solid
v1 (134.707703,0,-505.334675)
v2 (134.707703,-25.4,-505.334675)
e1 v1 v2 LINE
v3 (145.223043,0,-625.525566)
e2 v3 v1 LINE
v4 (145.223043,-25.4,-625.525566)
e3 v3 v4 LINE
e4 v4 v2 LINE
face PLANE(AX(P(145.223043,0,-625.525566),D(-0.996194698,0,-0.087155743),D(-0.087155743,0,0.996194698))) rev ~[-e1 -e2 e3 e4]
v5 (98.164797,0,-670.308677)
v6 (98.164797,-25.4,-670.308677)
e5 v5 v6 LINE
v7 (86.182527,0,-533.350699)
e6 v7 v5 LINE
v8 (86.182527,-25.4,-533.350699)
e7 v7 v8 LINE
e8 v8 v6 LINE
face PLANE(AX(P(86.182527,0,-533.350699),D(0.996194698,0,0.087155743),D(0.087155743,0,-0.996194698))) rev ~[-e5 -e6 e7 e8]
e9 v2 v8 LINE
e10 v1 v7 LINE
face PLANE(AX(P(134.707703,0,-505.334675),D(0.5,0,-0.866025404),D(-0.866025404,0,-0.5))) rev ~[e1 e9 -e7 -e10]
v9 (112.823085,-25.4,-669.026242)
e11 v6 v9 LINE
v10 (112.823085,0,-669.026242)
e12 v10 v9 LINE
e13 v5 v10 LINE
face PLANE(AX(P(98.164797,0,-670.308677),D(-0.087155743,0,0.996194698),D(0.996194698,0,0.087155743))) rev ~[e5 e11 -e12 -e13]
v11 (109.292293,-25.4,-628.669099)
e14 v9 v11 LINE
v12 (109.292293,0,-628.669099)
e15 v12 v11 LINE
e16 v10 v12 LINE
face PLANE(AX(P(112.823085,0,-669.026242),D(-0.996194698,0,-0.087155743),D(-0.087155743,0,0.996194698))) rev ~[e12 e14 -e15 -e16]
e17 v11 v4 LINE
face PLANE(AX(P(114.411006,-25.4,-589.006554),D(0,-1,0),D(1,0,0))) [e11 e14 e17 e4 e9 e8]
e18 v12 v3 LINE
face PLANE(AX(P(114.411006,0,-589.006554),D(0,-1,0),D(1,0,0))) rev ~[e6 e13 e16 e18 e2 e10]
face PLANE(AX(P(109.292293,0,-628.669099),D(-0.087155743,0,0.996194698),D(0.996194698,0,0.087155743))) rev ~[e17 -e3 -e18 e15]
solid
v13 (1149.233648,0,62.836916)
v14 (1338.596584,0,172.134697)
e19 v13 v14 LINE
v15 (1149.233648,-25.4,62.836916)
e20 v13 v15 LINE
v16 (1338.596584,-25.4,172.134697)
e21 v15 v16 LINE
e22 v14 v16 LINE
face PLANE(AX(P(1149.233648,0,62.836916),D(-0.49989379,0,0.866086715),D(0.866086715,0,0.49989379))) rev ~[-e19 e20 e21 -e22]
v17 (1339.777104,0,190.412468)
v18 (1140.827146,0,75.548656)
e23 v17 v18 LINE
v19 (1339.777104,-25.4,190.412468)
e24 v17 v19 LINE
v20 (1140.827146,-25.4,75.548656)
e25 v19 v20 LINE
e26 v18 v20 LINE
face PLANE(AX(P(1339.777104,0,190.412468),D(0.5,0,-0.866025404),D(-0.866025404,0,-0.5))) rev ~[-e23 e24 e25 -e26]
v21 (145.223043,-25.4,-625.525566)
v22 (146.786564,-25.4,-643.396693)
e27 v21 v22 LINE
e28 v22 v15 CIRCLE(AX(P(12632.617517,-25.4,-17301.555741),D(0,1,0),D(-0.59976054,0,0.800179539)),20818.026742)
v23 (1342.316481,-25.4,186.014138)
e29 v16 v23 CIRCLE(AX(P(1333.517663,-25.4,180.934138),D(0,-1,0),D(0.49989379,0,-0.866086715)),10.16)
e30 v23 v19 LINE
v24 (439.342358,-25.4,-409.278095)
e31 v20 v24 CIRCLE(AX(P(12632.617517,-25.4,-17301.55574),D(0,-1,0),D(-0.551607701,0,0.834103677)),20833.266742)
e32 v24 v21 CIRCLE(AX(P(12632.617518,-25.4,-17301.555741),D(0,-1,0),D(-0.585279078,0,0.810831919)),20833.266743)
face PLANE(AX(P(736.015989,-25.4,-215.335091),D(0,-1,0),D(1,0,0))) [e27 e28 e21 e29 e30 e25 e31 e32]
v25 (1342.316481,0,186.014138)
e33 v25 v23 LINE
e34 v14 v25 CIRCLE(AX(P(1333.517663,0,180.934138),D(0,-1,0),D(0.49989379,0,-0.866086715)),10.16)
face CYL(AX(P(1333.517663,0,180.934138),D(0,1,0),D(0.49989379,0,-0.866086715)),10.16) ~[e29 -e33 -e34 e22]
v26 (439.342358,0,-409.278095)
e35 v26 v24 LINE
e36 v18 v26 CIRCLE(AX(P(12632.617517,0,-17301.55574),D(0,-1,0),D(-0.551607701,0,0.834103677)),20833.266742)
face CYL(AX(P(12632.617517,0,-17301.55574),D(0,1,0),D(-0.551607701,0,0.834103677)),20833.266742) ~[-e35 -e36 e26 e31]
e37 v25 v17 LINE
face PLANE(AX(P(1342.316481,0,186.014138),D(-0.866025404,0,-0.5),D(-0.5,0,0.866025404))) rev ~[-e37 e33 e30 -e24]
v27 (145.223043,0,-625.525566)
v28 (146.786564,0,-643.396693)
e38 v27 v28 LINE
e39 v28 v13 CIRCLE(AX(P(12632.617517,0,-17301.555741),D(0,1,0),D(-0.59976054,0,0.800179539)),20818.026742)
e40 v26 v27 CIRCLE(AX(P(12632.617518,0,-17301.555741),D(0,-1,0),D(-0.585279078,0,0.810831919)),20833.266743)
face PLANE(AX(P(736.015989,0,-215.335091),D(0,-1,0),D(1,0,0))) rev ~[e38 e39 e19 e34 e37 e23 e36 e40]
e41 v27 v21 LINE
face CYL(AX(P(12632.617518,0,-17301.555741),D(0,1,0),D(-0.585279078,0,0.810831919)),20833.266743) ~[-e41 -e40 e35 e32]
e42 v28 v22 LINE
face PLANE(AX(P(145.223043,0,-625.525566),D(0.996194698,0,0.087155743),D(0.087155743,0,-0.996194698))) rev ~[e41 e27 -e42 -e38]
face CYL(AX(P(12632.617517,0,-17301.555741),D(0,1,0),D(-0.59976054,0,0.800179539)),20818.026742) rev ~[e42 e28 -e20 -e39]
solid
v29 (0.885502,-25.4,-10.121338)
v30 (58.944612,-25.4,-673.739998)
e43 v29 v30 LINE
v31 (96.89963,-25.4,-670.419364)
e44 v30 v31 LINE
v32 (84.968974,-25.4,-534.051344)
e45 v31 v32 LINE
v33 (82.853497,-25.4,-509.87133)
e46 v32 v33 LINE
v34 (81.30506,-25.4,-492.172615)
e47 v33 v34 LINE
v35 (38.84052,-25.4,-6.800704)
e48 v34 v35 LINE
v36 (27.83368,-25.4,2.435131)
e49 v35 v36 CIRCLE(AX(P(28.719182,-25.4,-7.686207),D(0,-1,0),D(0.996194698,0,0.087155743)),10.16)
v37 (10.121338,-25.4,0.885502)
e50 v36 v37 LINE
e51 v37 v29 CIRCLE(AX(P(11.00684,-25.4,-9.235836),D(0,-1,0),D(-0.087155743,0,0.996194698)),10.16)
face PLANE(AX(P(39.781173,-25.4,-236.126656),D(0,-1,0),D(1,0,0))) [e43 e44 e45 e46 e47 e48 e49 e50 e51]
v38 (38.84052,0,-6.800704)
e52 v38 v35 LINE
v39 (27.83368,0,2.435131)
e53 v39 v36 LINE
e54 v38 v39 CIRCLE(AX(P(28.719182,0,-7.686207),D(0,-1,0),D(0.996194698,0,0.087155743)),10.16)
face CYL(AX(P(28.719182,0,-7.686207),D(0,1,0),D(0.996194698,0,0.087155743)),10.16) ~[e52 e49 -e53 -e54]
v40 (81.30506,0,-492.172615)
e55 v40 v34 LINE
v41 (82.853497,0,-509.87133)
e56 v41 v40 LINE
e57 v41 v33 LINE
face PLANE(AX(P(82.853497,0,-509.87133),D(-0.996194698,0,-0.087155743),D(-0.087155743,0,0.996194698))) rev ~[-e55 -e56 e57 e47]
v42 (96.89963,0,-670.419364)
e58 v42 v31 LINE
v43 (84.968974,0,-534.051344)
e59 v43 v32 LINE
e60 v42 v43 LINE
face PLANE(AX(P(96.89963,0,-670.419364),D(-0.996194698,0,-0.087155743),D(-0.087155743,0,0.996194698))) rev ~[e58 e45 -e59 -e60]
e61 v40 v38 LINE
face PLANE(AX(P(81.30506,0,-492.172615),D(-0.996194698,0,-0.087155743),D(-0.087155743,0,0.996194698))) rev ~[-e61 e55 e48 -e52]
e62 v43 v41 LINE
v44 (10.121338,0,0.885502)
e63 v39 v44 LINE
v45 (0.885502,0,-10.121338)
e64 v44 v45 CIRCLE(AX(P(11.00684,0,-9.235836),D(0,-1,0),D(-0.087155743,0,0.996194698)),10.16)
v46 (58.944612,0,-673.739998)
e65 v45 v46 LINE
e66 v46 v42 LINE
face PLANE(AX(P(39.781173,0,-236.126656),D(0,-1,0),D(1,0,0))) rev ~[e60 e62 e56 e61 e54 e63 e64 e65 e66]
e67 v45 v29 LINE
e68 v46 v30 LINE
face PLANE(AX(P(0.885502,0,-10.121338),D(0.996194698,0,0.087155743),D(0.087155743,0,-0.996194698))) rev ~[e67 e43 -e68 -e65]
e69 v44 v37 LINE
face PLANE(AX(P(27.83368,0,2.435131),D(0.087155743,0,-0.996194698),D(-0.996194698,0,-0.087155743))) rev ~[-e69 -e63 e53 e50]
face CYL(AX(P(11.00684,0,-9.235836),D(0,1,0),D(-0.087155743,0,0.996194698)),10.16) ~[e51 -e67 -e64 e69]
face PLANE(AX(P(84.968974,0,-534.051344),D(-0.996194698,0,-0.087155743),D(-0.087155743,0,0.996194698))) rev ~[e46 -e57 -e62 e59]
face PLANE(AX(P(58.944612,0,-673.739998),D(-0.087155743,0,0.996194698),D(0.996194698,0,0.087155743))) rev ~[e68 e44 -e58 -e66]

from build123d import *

# Parameters (mm, degrees)
F1_DEPTH = 25.4
F2_DEPTH = 25.4


with BuildPart() as f1:
    # F0 (on Front) → F1 (new body)
    with BuildSketch(Plane.XZ):
        with BuildLine():
            ThreePointArc((10.1213381326, 0.8855023463), (3.2238289368, -2.7051136719), (0.8855023463, -10.1213381326))
            Line((0.8855023463, -10.1213381326), (41.2345650726, -471.3132354613))
            Line((41.2345650726, -471.3132354613), (79.1895830699, -467.9926016626))
            Line((79.1895830699, -467.9926016626), (38.8405203436, -6.8007043339))
            ThreePointArc((38.8405203436, -6.8007043339), (35.2499043254, 0.0968048618), (27.8336798647, 2.4351314524))
            Line((27.8336798647, 2.4351314524), (10.1213381326, 0.8855023463))
        make_face()
        Polygon((79.1895830699, -467.9926016626), (41.2345650726, -471.3132354613), (44.898479083, -513.1919642333), (81.3050601101, -492.1726148771), align=None)
        Polygon((81.3050601101, -492.1726148771), (44.898479083, -513.1919642333), (82.8534970803, -509.8713304346), align=None)
        Polygon((82.8534970803, -509.8713304346), (44.898479083, -513.1919642333), (48.5623930934, -555.0706930054), (84.9689741205, -534.0513436491), align=None)
        Polygon((84.9689741205, -534.0513436491), (48.5623930934, -555.0706930054), (58.9446119989, -673.7399981135), (96.8996299962, -670.4193643148), align=None)
    extrude(amount=F1_DEPTH)


with BuildPart() as f1b:
    # F0 (on Front) → F1, piece 2 (new body)
    with BuildSketch(Plane.XZ):
        Polygon((134.7077027568, -505.3346752818), (86.1825268214, -533.3506986706), (98.1647972628, -670.3086765215), (112.8230853019, -669.0262424914), (109.2922927485, -628.669098936), (145.2230431193, -625.5255656066), align=None)
    extrude(amount=F1_DEPTH)


with BuildPart() as f2:
    # F0 (on Front) → F2 (new body)
    with BuildSketch(Plane.XZ):
        with BuildLine():
            ThreePointArc((439.3423579598, -409.2780954849), (291.8090295293, -516.7575881279), (145.2230431193, -625.5255656065))
            Line((145.2230431193, -625.5255656065), (146.7865641876, -643.3966931935))
            ThreePointArc((146.7865641876, -643.3966931935), (642.809083417, -282.897416364), (1149.2336477768, 62.8369163109))
            Line((1149.2336477769, 62.8369163109), (1338.5965837165, 172.1346969222))
            ThreePointArc((1338.5965837165, 172.1346969222), (1343.3313079414, 178.3039346931), (1342.3164809091, 186.0141379494))
            Line((1342.3164809091, 186.0141379494), (1339.7771039383, 190.4124678825))
            Line((1339.7771039383, 190.4124678825), (1326.0289506532, 182.4749678825))
            Line((1326.0289506532, 182.4749678825), (1154.5752996996, 83.4861563509))
            Line((1154.5752996996, 83.4861563509), (1140.8271464145, 75.5486563509))
            ThreePointArc((1140.8271464145, 75.5486563509), (787.6039445937, -163.2752955443), (439.3423579598, -409.2780954849))
        make_face()
    extrude(amount=F2_DEPTH)


solid = Compound([f1.part, f1b.part, f2.part])
